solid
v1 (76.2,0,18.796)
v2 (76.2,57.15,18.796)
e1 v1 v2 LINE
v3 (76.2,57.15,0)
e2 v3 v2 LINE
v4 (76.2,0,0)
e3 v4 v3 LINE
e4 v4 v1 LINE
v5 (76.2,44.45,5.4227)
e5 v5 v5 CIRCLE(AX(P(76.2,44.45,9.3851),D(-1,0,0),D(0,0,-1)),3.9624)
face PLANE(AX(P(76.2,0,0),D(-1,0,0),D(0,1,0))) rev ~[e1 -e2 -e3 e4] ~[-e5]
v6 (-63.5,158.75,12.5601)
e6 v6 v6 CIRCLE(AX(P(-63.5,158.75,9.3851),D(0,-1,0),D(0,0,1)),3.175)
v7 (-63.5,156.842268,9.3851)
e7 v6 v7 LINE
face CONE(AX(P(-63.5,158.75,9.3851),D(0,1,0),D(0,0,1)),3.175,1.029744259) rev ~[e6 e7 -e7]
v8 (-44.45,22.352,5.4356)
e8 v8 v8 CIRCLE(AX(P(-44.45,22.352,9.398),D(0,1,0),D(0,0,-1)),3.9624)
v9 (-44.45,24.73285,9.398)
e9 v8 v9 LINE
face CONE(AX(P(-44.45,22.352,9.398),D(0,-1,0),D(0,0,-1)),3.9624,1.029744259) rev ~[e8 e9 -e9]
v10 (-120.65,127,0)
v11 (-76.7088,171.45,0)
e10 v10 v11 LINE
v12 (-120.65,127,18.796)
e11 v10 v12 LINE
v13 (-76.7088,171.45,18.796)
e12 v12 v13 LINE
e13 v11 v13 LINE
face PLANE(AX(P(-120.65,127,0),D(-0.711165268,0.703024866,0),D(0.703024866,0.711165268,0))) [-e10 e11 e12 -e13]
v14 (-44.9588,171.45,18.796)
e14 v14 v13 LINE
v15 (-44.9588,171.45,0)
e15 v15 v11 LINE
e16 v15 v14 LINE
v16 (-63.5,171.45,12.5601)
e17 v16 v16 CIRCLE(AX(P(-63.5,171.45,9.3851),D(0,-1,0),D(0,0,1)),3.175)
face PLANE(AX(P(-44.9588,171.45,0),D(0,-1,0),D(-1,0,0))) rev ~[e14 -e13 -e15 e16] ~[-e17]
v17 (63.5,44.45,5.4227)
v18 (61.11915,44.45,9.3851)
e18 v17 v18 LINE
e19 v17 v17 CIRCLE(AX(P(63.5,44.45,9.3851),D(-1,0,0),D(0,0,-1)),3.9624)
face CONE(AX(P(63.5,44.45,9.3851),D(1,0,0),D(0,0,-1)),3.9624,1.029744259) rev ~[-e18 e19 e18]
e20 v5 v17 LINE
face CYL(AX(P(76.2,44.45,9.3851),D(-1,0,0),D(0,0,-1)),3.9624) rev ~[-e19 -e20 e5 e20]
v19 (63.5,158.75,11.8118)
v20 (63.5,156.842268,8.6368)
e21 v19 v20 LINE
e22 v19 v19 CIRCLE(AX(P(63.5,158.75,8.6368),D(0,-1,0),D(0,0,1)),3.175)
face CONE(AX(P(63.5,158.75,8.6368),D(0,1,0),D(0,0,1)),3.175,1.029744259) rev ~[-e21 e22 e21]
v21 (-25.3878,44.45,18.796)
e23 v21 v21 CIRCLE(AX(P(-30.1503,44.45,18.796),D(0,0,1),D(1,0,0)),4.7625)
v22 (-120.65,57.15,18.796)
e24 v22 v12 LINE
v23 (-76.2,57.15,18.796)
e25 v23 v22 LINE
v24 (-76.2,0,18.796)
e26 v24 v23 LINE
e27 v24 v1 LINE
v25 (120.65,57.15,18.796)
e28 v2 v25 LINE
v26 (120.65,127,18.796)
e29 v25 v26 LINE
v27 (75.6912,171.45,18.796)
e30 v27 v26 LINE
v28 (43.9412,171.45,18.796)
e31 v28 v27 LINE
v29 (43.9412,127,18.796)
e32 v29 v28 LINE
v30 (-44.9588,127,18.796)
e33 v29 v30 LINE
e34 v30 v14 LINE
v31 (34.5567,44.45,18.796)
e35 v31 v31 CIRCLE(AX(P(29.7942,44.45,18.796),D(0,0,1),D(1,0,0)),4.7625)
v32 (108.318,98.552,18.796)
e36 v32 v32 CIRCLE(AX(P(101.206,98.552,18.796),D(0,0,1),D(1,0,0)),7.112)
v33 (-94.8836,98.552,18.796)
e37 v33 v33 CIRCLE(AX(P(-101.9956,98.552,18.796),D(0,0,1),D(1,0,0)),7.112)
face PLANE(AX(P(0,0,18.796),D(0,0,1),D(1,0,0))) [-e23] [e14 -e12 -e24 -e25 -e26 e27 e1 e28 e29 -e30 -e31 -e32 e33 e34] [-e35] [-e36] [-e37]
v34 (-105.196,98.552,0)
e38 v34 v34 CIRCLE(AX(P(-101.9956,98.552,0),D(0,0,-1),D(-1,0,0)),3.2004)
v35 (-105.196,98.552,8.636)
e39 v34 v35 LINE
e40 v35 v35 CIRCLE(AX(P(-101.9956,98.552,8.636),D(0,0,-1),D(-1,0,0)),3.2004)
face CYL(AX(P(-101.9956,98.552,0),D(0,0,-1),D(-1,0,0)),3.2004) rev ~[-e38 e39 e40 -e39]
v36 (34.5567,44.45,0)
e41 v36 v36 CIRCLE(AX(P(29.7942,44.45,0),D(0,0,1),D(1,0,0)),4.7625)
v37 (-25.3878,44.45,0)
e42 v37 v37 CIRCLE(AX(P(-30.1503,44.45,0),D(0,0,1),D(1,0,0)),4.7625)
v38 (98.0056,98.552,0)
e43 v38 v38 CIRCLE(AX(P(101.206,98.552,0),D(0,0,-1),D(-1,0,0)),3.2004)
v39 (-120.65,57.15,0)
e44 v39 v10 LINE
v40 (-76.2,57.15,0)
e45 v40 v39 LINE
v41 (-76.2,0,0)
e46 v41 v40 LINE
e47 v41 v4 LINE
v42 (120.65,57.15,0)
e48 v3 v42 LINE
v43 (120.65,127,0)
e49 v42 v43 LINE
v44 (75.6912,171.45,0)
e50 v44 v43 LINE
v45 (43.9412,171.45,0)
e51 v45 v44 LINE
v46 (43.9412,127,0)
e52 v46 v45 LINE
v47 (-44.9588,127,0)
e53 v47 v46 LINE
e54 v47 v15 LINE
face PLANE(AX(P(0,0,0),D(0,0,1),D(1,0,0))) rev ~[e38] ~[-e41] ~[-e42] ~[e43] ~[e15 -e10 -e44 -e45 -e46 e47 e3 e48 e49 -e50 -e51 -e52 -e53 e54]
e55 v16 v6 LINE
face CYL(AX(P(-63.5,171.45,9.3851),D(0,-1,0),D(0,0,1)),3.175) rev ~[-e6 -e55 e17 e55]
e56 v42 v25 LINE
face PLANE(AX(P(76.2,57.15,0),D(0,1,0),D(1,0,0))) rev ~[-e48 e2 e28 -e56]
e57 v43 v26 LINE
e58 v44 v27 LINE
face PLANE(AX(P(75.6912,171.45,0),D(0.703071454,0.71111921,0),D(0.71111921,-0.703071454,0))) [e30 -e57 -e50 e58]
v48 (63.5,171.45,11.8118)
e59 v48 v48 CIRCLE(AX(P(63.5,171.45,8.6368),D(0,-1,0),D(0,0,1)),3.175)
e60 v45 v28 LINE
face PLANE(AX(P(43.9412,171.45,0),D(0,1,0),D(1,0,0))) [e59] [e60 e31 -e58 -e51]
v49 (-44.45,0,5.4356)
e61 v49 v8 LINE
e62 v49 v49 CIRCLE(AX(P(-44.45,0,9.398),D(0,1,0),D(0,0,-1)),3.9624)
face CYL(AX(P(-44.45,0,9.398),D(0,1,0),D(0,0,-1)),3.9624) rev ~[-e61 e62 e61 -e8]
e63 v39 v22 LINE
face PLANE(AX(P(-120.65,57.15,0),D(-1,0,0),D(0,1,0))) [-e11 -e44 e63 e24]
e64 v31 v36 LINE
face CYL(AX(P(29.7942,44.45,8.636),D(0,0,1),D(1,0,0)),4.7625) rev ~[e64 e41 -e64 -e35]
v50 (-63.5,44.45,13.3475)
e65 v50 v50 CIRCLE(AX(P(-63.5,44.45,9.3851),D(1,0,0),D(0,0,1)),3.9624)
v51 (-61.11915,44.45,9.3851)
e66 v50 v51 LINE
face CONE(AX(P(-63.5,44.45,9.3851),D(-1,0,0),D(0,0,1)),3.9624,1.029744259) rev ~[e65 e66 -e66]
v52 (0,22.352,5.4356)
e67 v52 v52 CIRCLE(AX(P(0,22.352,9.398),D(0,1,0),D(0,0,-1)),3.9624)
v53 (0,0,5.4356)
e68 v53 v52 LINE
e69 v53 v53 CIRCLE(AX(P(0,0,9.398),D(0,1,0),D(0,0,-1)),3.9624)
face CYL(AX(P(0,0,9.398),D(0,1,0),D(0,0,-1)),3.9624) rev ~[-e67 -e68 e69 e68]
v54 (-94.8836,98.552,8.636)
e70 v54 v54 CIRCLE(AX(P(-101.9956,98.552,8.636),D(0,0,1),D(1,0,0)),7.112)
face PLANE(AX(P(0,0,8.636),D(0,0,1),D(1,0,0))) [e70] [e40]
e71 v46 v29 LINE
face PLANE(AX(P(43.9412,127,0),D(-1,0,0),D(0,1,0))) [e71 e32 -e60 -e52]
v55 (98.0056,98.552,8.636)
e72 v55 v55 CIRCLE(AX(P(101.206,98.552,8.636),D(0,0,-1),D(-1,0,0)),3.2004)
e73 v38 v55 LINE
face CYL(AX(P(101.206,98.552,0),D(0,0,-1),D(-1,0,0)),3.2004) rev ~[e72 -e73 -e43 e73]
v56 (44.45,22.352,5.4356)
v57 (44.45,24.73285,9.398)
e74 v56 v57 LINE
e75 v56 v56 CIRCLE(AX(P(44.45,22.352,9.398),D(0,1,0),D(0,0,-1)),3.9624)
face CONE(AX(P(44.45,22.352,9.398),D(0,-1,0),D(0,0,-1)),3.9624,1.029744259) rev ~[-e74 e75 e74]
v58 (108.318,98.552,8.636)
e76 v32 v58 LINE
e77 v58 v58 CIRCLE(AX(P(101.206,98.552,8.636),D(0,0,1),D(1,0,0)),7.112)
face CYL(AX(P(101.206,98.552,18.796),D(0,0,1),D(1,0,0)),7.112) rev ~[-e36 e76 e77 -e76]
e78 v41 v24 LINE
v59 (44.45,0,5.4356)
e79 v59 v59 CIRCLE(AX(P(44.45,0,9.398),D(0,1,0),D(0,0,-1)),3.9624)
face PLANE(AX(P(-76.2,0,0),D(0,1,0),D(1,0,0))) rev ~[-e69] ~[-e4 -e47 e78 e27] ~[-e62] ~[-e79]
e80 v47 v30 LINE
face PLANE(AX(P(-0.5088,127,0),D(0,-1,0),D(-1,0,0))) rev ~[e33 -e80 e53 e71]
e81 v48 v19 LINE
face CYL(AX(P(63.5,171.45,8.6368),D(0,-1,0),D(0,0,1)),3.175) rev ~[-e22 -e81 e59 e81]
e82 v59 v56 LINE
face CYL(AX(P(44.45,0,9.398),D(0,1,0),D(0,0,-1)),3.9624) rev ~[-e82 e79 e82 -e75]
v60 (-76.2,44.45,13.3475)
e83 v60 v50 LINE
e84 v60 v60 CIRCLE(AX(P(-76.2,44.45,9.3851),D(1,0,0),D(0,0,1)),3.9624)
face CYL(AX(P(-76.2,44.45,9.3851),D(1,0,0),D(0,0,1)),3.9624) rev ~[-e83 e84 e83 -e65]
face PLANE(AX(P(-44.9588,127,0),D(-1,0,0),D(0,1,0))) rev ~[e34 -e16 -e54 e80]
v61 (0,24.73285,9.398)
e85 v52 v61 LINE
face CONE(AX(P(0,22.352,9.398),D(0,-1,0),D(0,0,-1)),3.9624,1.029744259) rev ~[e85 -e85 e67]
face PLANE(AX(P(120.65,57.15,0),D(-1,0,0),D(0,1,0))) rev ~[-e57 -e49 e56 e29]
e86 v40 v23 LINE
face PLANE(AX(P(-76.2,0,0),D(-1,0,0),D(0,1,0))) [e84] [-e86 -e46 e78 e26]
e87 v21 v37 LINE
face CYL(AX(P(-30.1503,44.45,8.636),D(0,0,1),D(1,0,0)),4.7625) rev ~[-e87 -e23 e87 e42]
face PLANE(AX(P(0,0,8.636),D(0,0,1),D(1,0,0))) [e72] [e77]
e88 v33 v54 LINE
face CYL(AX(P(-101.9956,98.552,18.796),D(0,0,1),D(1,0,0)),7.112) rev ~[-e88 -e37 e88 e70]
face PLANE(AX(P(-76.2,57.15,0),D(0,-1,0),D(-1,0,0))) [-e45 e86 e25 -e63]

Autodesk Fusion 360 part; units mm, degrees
sketch "Sketch1" plane through (0, 0, 0) normal (0, 0, 1) x (1, 0, 0)
  line L0 (-76.2, 0) -> (76.2, 0)
  line L1 (76.2, 0) -> (76.2, 57.15)
  line L2 (76.2, 57.15) -> (120.65, 57.15)
  line L3 (120.65, 57.15) -> (120.65, 127)
  line L4 (-0.5088, 127) -> (43.9412, 127)
  line L5 (43.9412, 127) -> (43.9412, 171.45)
  line L6 (43.9412, 171.45) -> (75.6912, 171.45)
  line L7 (75.6912, 171.45) -> (120.65, 127)
  line L8 (-0.5088, 127) -> (-44.9588, 127)
  line L9 (-44.9588, 127) -> (-44.9588, 171.45)
  line L10 (-44.9588, 171.45) -> (-76.7088, 171.45)
  line L11 (-76.2, 0) -> (-76.2, 57.15)
  line L12 (-76.2, 57.15) -> (-120.65, 57.15)
  line L13 (-120.65, 57.15) -> (-120.65, 127)
  line L14 (-120.65, 127) -> (-76.7088, 171.45)
  dimension "d1" = 57.15
  dimension "d2" = 44.45
  dimension "d3" = 69.85
  dimension "d4" = 44.45
  dimension "d5" = 44.45
  dimension "d6" = 31.75
  dimension "d7" = 44.45
  dimension "d8" = 44.45
  dimension "d9" = 31.75
  dimension "d10" = 57.15
  dimension "d11" = 44.45
  dimension "d12" = 69.85
extrude "Extrude1" add sketch "Sketch1" along normal blind 18.796
sketch "Sketch2" plane through (0, 0, 18.796) normal (0, 0, 1) x (1, 0, 0)
  line L0 (-76.2, 0) -> (76.2, 0)
  line L1 (76.2, 0) -> (76.2, 57.15)
  line L2 (76.2, 57.15) -> (120.65, 57.15)
  line L3 (120.65, 57.15) -> (120.65, 127)
  line L4 (120.65, 127) -> (75.6912, 171.45)
  line L5 (75.6912, 171.45) -> (43.9412, 171.45)
  line L6 (43.9412, 171.45) -> (43.9412, 127)
  line L7 (43.9412, 127) -> (-44.9588, 127)
  line L8 (-44.9588, 127) -> (-44.9588, 171.45)
  line L9 (-44.9588, 171.45) -> (-76.7088, 171.45)
  line L10 (-76.7088, 171.45) -> (-120.65, 127)
  line L11 (-120.65, 127) -> (-120.65, 57.15)
  line L12 (-120.65, 57.15) -> (-76.2, 57.15)
  line L13 (-76.2, 57.15) -> (-76.2, 0)
  circle A0 centre (-30.1503, 44.45) radius 4.7625
  circle A1 centre (29.7942, 44.45) radius 4.7625
  line L14 (0, 0) -> (-0.5088, 127)
  circle A2 centre (101.206, 98.552) radius 7.112
  circle A3 centre (-101.9956, 98.552) radius 7.112
  dimension "d15" = 9.525
  dimension "d16" = 9.525
  dimension "d17" = 44.45
  dimension "d18" = 29.972
  dimension "d19" = 29.972
  dimension "d20" = 44.45
  dimension "d21" = 14.224
  dimension "d22" = 14.224
  dimension "d23" = 101.6
  dimension "d24" = 98.552
  dimension "d25" = 101.6
  dimension "d26" = 98.552
sketch "Sketch3" plane through (76.2, 0, 0) normal (1, 0, 0) x (0, 0, -1)
  line L0 (0, 0) -> (0, 57.15)
  line L1 (0, 57.15) -> (-18.796, 57.15)
  line L2 (-18.796, 57.15) -> (-18.796, 0)
  line L3 (-18.796, 0) -> (0, 0)
  circle A0 centre (-9.3851, 44.45) radius 3.9624
  dimension "d27" = 7.9248
  dimension "d28" = 44.45
sketch "Sketch4" plane through (-76.2, 0, 0) normal (-1, 0, 0) x (0, 0, 1)
  line L0 (0, 57.15) -> (0, 0)
  line L1 (0, 0) -> (18.796, 0)
  line L2 (18.796, 0) -> (18.796, 57.15)
  line L3 (18.796, 57.15) -> (0, 57.15)
  circle A0 centre (9.3851, 44.45) radius 3.9624
sketch "Sketch5" plane through (0, 0, 0) normal (0, 0, -1) x (-1, 0, 0)
  line L0 (-76.2, 0) -> (76.2, 0)
  line L1 (76.2, 0) -> (76.2, 57.15)
  line L2 (76.2, 57.15) -> (120.65, 57.15)
  line L3 (120.65, 57.15) -> (120.65, 127)
  line L4 (120.65, 127) -> (76.7088, 171.45)
  line L5 (76.7088, 171.45) -> (44.9588, 171.45)
  line L6 (44.9588, 171.45) -> (44.9588, 127)
  line L7 (44.9588, 127) -> (-43.9412, 127)
  line L8 (-43.9412, 127) -> (-43.9412, 171.45)
  line L9 (-43.9412, 171.45) -> (-75.6912, 171.45)
  line L10 (-75.6912, 171.45) -> (-120.65, 127)
  line L11 (-120.65, 127) -> (-120.65, 57.15)
  line L12 (-120.65, 57.15) -> (-76.2, 57.15)
  line L13 (-76.2, 57.15) -> (-76.2, 0)
  circle A0 centre (-101.206, 98.552) radius 3.2004
  circle A1 centre (101.9956, 98.552) radius 3.2004
  dimension "d29" = 6.4008
  dimension "d30" = 6.4008
extrude "Extrude2" cut sketch "Sketch2" against normal blind 10.16 contours A0 | A1 | A2 | A3
extrude "Extrude3" cut 2 faces at (-29.7265, 42.4344, 8.636) (28.3639, 44.6971, 8.636) along direction (0, 0, -1) blind 48.26
extrude "Extrude4" cut sketch "Sketch5" against normal blind 8.636 contours A0 | A1
sketch "Sketch6" plane through (0, 0, 0) normal (0, -1, 0) x (1, 0, 0)
  line L0 (-76.2, 0) -> (76.2, 0)
  line L1 (76.2, 0) -> (76.2, 18.796)
  line L2 (76.2, 18.796) -> (-76.2, 18.796)
  line L3 (-76.2, 18.796) -> (-76.2, 0)
  circle A0 centre (0, 9.398) radius 3.9624
  circle A1 centre (44.45, 9.398) radius 3.9624
  circle A2 centre (-44.45, 9.398) radius 3.9624
  dimension "d37" = 7.9248
  dimension "d38" = 7.9248
  dimension "d39" = 7.9248
  dimension "d40" = 44.45
  dimension "d41" = 44.45
hole "Hole1" at (-44.45, 0, 9.398) at (0, 0, 9.398) at (44.45, 0, 9.398) direction (0, 1, 0) diameter 7.9248 depth 22.352 tip angle 118
hole "Hole2" at (76.2, 44.45, 9.3851) direction (-1, 0, 0) diameter 7.9248 depth 12.7 tip angle 118
hole "Hole3" at (-76.2, 44.45, 9.3851) direction (1, 0, 0) diameter 7.9248 depth 12.7 tip angle 118
sketch "Sketch7" plane through (0, 171.45, 0) normal (0, 1, 0) x (-1, 0, 0)
  line L0 (-75.6912, 0) -> (-43.9412, 0)
  line L1 (-43.9412, 0) -> (-43.9412, 18.796)
  line L2 (-43.9412, 18.796) -> (-75.6912, 18.796)
  line L3 (-75.6912, 18.796) -> (-75.6912, 0)
  circle A0 centre (-63.5, 9.3851) radius 3.175
  circle A1 centre (63.5, 9.3851) radius 3.175
  line L4 (63.5, 13.3475) -> (63.5, 5.4227)
  line L5 (76.2, 18.796) -> (-76.2, 18.796)
  line L6 (0, 0) -> (0, 18.796)
  dimension "d52" = 6.35
  dimension "d53" = 6.35
  dimension "d54" = 63.5
  dimension "d55" = 63.5
hole "Hole4" at (-63.5, 171.45, 9.3851) direction (0, -1, 0) diameter 6.35 depth 12.7 tip angle 118
sketch "Sketch8" plane through (0, 171.45, 0) normal (0, 1, 0) x (-1, 0, 0)
  line L0 (-75.6912, 0) -> (-43.9412, 0)
  line L1 (-43.9412, 0) -> (-43.9412, 18.796)
  line L2 (-43.9412, 18.796) -> (-75.6912, 18.796)
  line L3 (-75.6912, 18.796) -> (-75.6912, 0)
  circle A0 centre (-63.5, 8.6368) radius 3.175
  dimension "d59" = 6.35
  dimension "d60" = 127
hole "Hole5" at (63.5, 171.45, 8.6368) direction (0, -1, 0) diameter 6.35 depth 12.7 tip angle 118
thread "Thread1" thread offset 0 thread length 10.0076
thread "Thread2" thread offset 0 thread length 10.0076
thread "Thread3" thread offset 0 thread length 10.0076
thread "Thread4" thread offset 0 thread length 10.0076
thread "Thread5" thread offset 0 thread length 18.796
thread "Thread6" thread offset 0 thread length 18.796
